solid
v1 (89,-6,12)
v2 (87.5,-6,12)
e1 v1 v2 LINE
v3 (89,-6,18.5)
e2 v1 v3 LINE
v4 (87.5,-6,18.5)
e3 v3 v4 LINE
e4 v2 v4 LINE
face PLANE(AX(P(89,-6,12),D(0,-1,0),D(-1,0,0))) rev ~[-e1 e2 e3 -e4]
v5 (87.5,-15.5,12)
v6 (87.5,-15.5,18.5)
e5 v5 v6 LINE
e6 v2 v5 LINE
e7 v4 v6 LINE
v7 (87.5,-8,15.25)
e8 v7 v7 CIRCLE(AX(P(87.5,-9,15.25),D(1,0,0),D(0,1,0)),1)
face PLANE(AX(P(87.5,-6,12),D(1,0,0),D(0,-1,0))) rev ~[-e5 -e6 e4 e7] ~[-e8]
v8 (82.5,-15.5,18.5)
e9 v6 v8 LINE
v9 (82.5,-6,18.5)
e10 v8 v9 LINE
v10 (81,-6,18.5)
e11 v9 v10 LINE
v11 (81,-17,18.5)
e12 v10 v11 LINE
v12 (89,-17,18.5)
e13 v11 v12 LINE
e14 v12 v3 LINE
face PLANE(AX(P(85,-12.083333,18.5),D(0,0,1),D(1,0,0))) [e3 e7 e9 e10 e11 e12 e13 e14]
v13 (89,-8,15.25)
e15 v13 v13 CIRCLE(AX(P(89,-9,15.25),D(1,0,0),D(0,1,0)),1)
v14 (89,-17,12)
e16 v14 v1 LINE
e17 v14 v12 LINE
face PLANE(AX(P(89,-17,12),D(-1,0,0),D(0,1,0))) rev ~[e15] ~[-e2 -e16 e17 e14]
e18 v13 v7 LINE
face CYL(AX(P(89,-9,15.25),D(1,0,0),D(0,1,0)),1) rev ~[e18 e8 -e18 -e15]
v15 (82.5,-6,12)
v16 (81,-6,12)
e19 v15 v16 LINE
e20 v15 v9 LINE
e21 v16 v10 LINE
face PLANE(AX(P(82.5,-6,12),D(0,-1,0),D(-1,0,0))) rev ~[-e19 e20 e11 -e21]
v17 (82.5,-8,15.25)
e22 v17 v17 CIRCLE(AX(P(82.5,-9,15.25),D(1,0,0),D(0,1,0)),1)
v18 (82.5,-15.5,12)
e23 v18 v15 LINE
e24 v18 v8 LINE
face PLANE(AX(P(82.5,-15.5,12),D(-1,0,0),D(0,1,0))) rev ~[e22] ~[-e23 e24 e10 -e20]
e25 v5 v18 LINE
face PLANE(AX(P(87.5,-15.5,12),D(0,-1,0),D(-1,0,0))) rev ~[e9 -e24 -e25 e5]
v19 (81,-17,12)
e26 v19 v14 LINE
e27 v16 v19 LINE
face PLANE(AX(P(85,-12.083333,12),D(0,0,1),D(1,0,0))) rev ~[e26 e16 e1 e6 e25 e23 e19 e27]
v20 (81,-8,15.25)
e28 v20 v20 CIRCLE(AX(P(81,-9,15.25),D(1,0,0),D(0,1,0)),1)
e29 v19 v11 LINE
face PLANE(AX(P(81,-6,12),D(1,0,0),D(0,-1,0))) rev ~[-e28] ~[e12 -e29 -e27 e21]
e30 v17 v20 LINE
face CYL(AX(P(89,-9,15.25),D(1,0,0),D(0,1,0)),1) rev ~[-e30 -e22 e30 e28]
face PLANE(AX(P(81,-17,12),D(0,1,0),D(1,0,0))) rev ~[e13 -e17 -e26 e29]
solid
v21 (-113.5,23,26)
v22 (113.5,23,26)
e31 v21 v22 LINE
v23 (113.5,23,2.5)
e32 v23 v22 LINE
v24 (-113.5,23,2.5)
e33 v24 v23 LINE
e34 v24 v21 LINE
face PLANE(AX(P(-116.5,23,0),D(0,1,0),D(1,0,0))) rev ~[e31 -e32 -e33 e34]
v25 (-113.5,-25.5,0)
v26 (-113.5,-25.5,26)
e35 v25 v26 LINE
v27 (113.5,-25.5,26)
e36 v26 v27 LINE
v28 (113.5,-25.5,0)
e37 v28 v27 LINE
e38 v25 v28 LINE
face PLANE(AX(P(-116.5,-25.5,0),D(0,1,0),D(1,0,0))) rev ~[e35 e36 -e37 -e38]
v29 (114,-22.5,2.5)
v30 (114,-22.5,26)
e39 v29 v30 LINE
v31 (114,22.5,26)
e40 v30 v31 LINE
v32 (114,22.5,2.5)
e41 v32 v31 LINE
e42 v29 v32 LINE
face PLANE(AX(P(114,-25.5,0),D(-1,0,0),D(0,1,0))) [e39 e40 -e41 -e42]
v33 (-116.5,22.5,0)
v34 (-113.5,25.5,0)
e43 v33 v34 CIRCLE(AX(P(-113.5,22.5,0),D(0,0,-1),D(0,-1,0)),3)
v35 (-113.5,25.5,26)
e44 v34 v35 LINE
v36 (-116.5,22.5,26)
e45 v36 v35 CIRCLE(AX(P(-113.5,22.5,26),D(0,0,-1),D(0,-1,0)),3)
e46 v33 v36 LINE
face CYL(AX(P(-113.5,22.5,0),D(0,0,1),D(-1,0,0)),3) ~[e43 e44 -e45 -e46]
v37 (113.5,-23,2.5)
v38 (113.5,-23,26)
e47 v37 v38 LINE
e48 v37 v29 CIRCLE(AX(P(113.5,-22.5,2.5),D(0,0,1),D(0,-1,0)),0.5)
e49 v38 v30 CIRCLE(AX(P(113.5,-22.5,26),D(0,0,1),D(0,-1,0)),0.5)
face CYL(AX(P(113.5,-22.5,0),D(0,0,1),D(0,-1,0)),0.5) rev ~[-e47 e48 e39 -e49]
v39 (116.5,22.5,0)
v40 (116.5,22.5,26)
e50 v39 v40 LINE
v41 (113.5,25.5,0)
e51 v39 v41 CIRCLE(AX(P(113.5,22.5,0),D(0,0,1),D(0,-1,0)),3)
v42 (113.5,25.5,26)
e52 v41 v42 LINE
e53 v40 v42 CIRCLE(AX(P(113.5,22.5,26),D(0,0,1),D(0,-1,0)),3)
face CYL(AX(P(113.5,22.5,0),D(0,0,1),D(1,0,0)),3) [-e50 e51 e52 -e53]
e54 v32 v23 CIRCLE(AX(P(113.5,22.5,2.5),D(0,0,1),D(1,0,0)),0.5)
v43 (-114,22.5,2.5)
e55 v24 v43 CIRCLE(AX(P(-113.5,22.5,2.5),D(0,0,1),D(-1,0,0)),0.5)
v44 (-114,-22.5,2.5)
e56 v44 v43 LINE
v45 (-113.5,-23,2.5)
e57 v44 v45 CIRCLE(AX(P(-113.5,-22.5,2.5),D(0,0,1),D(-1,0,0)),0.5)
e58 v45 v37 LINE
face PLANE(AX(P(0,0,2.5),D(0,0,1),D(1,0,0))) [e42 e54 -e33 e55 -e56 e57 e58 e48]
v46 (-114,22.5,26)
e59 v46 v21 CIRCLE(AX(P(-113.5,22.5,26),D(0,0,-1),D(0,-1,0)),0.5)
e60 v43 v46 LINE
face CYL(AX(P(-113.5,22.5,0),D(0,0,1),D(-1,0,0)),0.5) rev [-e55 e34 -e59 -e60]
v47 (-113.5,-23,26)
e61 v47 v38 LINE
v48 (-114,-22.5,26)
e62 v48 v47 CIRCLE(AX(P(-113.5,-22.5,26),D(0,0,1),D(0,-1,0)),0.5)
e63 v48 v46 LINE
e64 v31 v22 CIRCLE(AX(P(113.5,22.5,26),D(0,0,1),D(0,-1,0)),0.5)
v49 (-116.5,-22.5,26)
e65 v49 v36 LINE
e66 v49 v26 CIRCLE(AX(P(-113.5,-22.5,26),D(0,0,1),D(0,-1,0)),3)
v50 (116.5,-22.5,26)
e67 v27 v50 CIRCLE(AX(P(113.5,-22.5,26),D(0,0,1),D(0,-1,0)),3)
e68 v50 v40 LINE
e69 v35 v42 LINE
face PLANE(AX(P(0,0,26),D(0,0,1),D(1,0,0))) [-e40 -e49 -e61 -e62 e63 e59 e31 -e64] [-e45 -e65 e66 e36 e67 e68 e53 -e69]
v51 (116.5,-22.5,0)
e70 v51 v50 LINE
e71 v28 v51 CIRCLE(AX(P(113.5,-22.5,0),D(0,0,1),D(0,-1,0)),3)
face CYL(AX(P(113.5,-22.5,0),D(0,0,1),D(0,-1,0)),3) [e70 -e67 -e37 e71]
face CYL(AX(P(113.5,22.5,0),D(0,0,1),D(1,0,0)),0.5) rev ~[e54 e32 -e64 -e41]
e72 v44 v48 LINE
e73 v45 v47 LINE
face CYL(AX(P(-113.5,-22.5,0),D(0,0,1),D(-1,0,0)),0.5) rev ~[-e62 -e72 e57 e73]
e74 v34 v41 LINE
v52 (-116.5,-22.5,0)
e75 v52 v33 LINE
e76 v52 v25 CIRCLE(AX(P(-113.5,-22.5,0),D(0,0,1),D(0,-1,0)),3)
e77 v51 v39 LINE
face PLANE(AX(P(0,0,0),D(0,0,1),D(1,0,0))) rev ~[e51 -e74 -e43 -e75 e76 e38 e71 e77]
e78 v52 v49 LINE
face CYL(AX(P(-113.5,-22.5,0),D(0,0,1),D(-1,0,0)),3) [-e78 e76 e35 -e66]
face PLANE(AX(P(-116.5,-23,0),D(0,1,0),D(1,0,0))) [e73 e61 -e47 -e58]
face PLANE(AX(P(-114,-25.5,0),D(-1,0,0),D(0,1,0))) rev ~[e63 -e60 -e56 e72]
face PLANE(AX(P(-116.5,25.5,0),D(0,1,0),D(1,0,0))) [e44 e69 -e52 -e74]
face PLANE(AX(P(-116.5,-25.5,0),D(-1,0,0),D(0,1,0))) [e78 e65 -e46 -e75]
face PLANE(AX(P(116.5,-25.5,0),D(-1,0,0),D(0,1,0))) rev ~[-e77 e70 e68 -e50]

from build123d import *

# Parameters (mm, degrees)
F0_W     = 233
F0_H     = 51
F1_DEPTH = 26
F2_R     = 3
F3_T     = -2.5
F7_DEPTH = 6.5
F8_R     = 1
F9_DEPTH = 25


with BuildPart() as f1:
    # F0 (on Top) → F1 (new body)
    with BuildSketch(Plane.XY):
        Rectangle(F0_W, F0_H)
    extrude(amount=F1_DEPTH)

    # F2
    f2_edges = [f1.edges().sort_by_distance(p)[0] for p in [
        (-116.5, -25.5, 13),
        (116.5, -25.5, 13),
        (116.5, 25.5, 13),
        (-116.5, 25.5, 13),
    ]]
    fillet(f2_edges, radius=F2_R)

    # F3
    f3_openings = [f1.faces().sort_by_distance(p)[0] for p in [
        (0, 0, 26),
    ]]
    offset(amount=F3_T, openings=f3_openings)


with BuildPart() as f7:
    # F6 (on offset) → F7 (new body)
    with BuildSketch(Plane.XY.offset(12)):
        Polygon((87.5, -6), (87.5, -15.5), (82.5, -15.5), (82.5, -6), (81, -6), (81, -17), (89, -17), (89, -6), align=None)
    extrude(amount=F7_DEPTH)

    # F8 (on face) → F9 (cut)
    with BuildSketch(Plane.YZ.offset(89)):
        with Locations((-9, 15.25)):
            Circle(F8_R)
    extrude(amount=-F9_DEPTH, mode=Mode.SUBTRACT)


solid = Compound([f1.part, f7.part])
